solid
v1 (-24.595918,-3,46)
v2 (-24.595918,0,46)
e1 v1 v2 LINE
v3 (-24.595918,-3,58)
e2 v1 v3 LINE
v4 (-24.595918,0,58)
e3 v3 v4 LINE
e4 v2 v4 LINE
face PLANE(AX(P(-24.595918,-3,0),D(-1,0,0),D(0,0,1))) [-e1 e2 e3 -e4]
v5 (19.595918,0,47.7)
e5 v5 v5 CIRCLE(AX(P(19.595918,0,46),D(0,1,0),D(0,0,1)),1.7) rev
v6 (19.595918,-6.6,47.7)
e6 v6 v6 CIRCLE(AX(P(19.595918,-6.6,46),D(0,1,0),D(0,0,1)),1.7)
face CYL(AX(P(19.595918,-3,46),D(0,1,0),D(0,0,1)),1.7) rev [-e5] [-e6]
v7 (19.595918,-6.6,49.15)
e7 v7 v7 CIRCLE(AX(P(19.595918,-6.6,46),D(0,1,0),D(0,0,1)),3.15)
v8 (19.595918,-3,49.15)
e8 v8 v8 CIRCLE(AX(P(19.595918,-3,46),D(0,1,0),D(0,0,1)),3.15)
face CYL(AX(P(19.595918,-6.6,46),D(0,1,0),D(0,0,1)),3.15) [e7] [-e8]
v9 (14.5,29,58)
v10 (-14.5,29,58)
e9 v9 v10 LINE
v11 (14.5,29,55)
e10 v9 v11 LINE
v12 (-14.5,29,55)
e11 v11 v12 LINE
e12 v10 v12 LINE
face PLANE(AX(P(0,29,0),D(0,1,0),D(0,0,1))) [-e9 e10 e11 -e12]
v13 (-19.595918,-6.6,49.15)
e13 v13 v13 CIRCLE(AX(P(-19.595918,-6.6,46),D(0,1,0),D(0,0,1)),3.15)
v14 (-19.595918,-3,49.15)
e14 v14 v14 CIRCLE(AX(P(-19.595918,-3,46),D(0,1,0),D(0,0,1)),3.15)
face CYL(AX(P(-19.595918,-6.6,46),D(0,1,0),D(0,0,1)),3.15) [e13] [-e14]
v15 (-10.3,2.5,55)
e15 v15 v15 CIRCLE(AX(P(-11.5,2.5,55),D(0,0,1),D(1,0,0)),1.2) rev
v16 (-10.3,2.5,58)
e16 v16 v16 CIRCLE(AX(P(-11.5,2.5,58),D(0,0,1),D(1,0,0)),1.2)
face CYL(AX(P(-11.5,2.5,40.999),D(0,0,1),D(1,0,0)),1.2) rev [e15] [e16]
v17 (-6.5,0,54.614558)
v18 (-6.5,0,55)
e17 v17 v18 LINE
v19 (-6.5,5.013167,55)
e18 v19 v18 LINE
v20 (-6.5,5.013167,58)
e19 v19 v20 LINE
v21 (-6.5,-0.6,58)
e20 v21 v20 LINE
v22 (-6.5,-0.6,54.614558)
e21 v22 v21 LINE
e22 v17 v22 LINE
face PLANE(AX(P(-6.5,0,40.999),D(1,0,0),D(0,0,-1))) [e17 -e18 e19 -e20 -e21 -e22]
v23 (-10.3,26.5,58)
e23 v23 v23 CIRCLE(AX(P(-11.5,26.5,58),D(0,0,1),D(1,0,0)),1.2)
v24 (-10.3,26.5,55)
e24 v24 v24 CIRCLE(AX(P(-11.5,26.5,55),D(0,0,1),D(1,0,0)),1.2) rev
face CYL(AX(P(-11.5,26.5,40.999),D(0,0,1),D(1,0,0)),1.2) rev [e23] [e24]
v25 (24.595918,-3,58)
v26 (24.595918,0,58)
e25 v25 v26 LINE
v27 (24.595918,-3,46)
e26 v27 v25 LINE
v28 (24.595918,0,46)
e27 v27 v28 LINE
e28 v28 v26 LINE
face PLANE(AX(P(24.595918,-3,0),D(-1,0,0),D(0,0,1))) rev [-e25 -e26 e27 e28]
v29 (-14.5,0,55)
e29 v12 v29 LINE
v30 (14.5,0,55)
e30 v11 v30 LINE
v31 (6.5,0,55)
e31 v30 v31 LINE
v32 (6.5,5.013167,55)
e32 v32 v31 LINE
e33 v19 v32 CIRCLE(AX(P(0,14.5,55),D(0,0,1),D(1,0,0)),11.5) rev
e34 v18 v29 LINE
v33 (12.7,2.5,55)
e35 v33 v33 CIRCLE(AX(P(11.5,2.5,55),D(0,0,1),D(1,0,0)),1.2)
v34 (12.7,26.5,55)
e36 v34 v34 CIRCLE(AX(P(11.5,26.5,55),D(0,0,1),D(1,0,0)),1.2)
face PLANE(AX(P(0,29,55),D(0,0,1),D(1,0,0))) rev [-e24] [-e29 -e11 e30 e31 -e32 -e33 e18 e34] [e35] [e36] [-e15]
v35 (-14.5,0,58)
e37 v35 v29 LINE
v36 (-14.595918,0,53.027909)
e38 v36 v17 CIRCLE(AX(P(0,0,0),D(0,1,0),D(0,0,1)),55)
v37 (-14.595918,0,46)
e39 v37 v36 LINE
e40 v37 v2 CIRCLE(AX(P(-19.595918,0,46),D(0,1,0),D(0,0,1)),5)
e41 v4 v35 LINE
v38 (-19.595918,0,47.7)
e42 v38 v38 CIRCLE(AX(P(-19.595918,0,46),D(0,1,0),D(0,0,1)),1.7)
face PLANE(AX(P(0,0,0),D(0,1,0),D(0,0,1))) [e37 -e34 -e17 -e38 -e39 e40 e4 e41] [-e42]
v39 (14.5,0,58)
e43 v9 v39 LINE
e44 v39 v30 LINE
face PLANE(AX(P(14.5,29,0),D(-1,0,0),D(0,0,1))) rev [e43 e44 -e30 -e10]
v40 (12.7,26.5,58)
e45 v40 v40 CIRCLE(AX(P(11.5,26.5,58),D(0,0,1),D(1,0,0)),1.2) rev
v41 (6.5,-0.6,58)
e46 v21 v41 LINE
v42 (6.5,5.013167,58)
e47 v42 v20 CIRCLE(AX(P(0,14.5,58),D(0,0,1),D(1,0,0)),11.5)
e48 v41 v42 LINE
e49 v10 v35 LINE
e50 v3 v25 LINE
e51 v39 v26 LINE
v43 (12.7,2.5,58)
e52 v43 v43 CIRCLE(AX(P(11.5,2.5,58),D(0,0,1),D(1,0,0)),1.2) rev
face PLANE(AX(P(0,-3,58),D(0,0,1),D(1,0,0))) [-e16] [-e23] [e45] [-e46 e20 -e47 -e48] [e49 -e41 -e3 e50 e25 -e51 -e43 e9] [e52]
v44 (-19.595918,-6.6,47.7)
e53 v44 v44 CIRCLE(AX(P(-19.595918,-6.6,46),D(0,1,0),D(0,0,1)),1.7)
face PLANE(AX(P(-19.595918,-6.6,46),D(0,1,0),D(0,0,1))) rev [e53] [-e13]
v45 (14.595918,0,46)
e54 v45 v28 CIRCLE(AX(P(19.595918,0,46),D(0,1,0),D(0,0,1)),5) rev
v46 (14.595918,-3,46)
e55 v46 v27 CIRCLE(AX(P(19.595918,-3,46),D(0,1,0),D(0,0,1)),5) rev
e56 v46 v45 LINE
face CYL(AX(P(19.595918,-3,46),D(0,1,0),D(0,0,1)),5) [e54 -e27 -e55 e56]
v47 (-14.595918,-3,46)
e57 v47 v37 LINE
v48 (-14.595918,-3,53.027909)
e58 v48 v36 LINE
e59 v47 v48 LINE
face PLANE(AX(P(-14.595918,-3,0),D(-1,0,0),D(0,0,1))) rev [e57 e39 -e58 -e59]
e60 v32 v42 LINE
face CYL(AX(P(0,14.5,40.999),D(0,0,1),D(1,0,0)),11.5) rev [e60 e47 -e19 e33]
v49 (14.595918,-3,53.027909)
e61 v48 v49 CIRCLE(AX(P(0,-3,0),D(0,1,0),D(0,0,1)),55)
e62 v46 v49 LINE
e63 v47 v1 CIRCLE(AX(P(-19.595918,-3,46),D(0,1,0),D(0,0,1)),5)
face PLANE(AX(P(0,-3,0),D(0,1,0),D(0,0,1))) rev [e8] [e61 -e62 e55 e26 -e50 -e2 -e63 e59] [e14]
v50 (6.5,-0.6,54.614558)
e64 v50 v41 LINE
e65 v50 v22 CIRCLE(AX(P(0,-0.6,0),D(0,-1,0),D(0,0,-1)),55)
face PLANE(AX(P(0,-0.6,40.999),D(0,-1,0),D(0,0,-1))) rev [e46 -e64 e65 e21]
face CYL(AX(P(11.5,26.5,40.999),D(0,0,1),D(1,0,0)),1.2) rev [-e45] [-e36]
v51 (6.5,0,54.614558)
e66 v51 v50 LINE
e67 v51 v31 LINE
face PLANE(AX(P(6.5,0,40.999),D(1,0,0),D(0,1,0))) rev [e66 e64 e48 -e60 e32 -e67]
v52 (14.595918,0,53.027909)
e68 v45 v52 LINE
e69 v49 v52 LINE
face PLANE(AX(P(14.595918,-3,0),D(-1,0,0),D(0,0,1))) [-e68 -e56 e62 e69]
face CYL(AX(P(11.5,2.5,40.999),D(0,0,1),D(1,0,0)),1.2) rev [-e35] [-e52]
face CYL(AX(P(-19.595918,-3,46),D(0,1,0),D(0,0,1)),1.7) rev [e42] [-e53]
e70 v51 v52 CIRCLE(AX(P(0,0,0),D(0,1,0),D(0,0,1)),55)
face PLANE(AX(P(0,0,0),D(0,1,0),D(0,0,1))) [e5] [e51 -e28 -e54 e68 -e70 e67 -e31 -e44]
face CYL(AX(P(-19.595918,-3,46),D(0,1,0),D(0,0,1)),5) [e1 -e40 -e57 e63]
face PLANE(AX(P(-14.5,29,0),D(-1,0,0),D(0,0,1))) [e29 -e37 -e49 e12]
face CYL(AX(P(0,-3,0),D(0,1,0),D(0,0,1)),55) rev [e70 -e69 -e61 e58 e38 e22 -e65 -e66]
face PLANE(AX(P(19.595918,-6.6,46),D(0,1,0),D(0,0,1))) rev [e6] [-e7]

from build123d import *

# Parameters (mm, degrees)
SKETCH1_R           = 1.7
BOSS_EXTRUDE2_DEPTH = 3
SKETCH1_7_W         = 29
SKETCH1_7_H         = 3
BOSS_EXTRUDE4_DEPTH = 29
CUT_EXTRUDE1_REACH  = 43.653
SKETCH2_R           = 1.2
BOSS_EXTRUDE3_START = -3
SKETCH1_5_R         = 3.15
SKETCH1_5_R_2       = 1.7
BOSS_EXTRUDE3_DEPTH = 3.6


with BuildPart() as part:
    # Sketch1 → Boss-Extrude2 (new body)
    with BuildSketch(Plane(origin=(0, 0, 0), x_dir=(1, 0, 0), z_dir=(0, 1, 0))):
        with BuildLine():
            ThreePointArc((24.595917942, -46), (19.595917942, -41), (14.595917942, -46))
            Line((14.595917942, -46), (14.595917942, -53.027909439))
            ThreePointArc((14.595917942, -53.027909439), (0, -55), (-14.595917942, -53.027909439))
            Line((-14.595917942, -53.027909439), (-14.595917942, -46))
            ThreePointArc((-14.595917942, -46), (-19.595917942, -41), (-24.595917942, -46))
            Line((-24.595917942, -46), (-24.595917942, -58))
            Line((-24.595917942, -58), (24.595917942, -58))
            Line((24.595917942, -58), (24.595917942, -46))
        make_face()
        with Locations(Location((-19.595917942, -46, 0), (0, 0, 270))):
            Circle(SKETCH1_R, mode=Mode.SUBTRACT)
        with Locations(Location((19.595917942, -46, 0), (0, 0, 270))):
            Circle(SKETCH1_R, mode=Mode.SUBTRACT)
    extrude(amount=-BOSS_EXTRUDE2_DEPTH)

    # Sketch1<7> → Boss-Extrude4 (add)
    with BuildSketch(Plane(origin=(0, 0, 0), x_dir=(1, 0, 0), z_dir=(0, 1, 0))):
        with Locations((0, -56.5)):
            Rectangle(SKETCH1_7_W, SKETCH1_7_H)
    extrude(amount=BOSS_EXTRUDE4_DEPTH)

    # Sketch2 → Cut-Extrude1 (cut, up to next)
    with BuildSketch(Plane.XY.offset(58), mode=Mode.PRIVATE) as cut_extrude1_sk1:
        with BuildLine():
            Line((-6.5, 5.013167019), (-6.5, -0.6))
            Line((-6.5, -0.6), (6.5, -0.6))
            Line((6.5, -0.6), (6.5, 5.013167019))
            ThreePointArc((6.5, 5.013167019), (0, 26), (-6.5, 5.013167019))
        make_face()
    cut_extrude1_tool1 = extrude(cut_extrude1_sk1.sketch, amount=-CUT_EXTRUDE1_REACH, mode=Mode.PRIVATE) & part.part
    # Sketch2 → Cut-Extrude1 (cut, up to next)
    with BuildSketch(Plane.XY.offset(58), mode=Mode.PRIVATE) as cut_extrude1_sk2:
        with Locations((-11.5, 2.5)):
            Circle(SKETCH2_R)
    cut_extrude1_tool2 = extrude(cut_extrude1_sk2.sketch, amount=-CUT_EXTRUDE1_REACH, mode=Mode.PRIVATE) & part.part
    # Sketch2 → Cut-Extrude1 (cut, up to next)
    with BuildSketch(Plane.XY.offset(58), mode=Mode.PRIVATE) as cut_extrude1_sk3:
        with Locations((-11.5, 26.5)):
            Circle(SKETCH2_R)
    cut_extrude1_tool3 = extrude(cut_extrude1_sk3.sketch, amount=-CUT_EXTRUDE1_REACH, mode=Mode.PRIVATE) & part.part
    # Sketch2 → Cut-Extrude1 (cut, up to next)
    with BuildSketch(Plane.XY.offset(58), mode=Mode.PRIVATE) as cut_extrude1_sk4:
        with Locations((11.5, 2.5)):
            Circle(SKETCH2_R)
    cut_extrude1_tool4 = extrude(cut_extrude1_sk4.sketch, amount=-CUT_EXTRUDE1_REACH, mode=Mode.PRIVATE) & part.part
    # Sketch2 → Cut-Extrude1 (cut, up to next)
    with BuildSketch(Plane.XY.offset(58), mode=Mode.PRIVATE) as cut_extrude1_sk5:
        with Locations((11.5, 26.5)):
            Circle(SKETCH2_R)
    cut_extrude1_tool5 = extrude(cut_extrude1_sk5.sketch, amount=-CUT_EXTRUDE1_REACH, mode=Mode.PRIVATE) & part.part
    add(cut_extrude1_tool1.solids().sort_by_distance((0, 12.98305, 58))[0], mode=Mode.SUBTRACT)
    add(cut_extrude1_tool2.solids().sort_by_distance((-11.5, 2.5, 58))[0], mode=Mode.SUBTRACT)
    add(cut_extrude1_tool3.solids().sort_by_distance((-11.5, 26.5, 58))[0], mode=Mode.SUBTRACT)
    add(cut_extrude1_tool4.solids().sort_by_distance((11.5, 2.5, 58))[0], mode=Mode.SUBTRACT)
    add(cut_extrude1_tool5.solids().sort_by_distance((11.5, 26.5, 58))[0], mode=Mode.SUBTRACT)

    # Sketch1<5> → Boss-Extrude3 (add)
    with BuildSketch(Plane(origin=(0, 0, 0), x_dir=(1, 0, 0), z_dir=(0, 1, 0)).offset(BOSS_EXTRUDE3_START)):
        with Locations(Location((-19.595917942, -46, 0), (0, 0, 270))):
            Circle(SKETCH1_5_R)
        with Locations(Location((-19.595917942, -46, 0), (0, 0, 270))):
            Circle(SKETCH1_5_R_2, mode=Mode.SUBTRACT)
        with Locations(Location((19.595917942, -46, 0), (0, 0, 270))):
            Circle(SKETCH1_5_R)
        with Locations(Location((19.595917942, -46, 0), (0, 0, 270))):
            Circle(SKETCH1_5_R_2, mode=Mode.SUBTRACT)
    extrude(amount=-BOSS_EXTRUDE3_DEPTH)


solid = part.part
